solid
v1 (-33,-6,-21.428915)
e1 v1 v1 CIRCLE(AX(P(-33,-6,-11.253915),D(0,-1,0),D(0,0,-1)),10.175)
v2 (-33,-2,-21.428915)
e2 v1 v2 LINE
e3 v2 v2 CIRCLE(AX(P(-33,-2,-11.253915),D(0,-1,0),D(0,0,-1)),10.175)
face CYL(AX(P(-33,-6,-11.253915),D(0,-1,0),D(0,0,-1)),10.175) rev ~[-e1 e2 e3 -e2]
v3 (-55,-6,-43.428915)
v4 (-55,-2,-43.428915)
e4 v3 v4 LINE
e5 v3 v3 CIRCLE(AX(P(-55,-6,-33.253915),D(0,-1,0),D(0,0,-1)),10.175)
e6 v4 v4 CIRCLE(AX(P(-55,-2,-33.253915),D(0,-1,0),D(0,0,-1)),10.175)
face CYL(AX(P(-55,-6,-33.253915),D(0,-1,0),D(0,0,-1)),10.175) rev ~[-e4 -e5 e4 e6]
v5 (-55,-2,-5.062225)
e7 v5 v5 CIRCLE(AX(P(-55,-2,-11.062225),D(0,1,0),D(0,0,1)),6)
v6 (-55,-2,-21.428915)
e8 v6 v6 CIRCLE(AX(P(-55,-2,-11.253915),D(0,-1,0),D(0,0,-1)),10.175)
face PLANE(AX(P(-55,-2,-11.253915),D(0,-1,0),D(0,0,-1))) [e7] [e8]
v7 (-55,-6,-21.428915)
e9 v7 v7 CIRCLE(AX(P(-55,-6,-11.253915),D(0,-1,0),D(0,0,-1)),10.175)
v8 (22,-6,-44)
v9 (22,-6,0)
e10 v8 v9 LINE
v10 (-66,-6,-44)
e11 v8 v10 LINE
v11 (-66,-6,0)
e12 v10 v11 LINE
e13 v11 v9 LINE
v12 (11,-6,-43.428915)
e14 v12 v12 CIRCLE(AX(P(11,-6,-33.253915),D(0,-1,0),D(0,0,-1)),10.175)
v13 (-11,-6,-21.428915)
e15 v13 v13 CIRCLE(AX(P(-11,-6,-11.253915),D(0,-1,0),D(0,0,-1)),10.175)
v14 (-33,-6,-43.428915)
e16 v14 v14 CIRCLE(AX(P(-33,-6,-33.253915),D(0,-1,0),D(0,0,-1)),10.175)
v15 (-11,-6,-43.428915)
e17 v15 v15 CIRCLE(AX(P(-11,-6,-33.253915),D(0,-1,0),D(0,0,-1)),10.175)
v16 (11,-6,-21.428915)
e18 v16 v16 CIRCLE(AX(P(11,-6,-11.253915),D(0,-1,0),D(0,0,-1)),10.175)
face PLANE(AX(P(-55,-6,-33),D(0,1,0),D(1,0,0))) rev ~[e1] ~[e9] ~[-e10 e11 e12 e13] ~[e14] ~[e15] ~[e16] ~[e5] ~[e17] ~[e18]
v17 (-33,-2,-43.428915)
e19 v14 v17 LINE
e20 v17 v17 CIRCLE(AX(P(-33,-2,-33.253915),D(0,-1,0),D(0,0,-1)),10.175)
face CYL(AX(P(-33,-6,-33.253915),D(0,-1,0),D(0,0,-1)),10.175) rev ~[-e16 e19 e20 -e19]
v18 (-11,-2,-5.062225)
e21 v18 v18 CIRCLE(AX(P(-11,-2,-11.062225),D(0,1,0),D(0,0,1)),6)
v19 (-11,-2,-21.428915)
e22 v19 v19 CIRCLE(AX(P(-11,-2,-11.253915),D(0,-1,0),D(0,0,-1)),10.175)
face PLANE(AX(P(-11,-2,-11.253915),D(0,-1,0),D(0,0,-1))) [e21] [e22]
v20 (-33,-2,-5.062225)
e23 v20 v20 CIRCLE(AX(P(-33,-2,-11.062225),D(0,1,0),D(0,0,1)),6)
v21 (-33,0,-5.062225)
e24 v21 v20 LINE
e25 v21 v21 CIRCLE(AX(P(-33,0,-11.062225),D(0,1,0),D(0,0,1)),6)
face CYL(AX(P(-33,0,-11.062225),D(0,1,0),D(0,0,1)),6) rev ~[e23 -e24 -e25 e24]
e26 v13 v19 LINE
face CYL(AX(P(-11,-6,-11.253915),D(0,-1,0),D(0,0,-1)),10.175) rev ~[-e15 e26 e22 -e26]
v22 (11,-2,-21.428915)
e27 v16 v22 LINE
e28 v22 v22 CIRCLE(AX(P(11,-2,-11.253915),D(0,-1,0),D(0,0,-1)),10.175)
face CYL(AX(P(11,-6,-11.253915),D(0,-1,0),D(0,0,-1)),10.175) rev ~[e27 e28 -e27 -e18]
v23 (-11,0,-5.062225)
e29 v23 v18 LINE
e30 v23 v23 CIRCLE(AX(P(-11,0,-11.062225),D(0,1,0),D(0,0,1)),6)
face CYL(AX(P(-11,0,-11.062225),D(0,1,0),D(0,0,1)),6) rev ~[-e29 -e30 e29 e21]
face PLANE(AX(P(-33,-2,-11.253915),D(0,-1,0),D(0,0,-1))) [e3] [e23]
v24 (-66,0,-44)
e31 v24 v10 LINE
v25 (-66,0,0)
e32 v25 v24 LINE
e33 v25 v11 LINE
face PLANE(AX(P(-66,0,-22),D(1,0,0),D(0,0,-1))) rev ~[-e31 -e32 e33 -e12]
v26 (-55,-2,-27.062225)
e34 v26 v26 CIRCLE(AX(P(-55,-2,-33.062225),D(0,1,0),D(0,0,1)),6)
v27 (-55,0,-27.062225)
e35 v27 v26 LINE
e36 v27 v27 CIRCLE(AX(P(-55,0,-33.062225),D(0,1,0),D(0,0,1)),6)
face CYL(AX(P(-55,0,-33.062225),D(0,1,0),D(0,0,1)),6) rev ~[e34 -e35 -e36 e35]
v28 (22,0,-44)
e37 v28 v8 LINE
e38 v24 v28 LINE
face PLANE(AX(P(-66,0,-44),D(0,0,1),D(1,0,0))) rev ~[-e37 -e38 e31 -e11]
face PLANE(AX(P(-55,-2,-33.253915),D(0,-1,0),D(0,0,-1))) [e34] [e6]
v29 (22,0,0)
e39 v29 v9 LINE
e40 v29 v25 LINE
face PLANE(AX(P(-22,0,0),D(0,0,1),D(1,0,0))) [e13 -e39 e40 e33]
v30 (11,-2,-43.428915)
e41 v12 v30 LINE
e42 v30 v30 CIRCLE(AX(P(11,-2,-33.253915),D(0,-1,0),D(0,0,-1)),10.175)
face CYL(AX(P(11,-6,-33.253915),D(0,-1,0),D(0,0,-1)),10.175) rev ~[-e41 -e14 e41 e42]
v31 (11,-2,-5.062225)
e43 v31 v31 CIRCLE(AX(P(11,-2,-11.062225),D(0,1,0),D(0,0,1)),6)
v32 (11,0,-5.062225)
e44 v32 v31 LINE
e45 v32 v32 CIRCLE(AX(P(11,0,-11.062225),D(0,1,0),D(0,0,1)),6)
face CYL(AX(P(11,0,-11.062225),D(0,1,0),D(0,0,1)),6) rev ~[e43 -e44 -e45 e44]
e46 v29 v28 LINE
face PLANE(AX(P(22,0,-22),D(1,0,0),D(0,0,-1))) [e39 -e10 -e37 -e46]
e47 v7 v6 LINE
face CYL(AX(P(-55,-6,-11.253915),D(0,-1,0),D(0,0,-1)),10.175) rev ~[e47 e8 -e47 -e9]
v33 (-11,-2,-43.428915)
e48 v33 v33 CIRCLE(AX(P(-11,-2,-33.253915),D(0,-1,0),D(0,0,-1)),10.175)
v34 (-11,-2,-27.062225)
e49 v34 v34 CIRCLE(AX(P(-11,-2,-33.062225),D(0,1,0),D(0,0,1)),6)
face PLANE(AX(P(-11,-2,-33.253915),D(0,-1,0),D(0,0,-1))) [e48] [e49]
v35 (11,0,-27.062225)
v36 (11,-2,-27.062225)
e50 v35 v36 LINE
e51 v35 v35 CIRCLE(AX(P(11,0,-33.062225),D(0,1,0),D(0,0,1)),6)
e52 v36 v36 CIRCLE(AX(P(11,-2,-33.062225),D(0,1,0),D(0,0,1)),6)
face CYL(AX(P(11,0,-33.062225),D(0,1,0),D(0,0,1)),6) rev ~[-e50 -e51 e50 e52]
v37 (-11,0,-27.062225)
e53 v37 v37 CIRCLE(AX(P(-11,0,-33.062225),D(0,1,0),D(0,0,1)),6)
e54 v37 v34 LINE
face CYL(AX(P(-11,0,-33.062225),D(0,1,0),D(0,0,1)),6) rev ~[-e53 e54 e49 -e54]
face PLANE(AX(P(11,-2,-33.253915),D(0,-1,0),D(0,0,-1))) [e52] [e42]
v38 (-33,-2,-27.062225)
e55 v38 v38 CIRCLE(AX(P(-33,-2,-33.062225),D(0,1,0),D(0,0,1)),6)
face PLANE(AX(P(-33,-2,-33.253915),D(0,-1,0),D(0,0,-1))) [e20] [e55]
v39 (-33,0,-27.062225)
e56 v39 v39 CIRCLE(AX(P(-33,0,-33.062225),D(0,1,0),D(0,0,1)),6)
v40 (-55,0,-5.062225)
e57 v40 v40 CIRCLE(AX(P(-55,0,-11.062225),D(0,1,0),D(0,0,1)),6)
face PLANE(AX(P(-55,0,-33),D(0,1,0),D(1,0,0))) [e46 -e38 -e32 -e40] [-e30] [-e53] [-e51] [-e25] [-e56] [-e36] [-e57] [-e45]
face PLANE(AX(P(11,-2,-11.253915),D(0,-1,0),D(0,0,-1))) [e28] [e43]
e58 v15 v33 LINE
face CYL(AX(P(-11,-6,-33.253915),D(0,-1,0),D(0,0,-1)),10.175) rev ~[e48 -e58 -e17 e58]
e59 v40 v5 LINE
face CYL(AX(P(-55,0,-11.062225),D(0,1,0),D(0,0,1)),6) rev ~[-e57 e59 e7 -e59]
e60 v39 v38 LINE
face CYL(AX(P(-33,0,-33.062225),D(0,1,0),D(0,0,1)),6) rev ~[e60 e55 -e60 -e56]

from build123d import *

# Parameters (mm, degrees)
SKETCH2_W                 = 22
SKETCH2_H                 = 22
BOSS_EXTRUDE1_DEPTH       = 6
SKETCH3_R                 = 6
CUT_EXTRUDE1_DEPTH        = 2
SKETCH4_R                 = 10.175
CUT_EXTRUDE2_DEPTH        = 4
LPATTERN1_COUNT           = 4
LPATTERN1_PITCH           = 22
LPATTERN2_COUNT           = 2
LPATTERN2_PITCH           = 22
LPATTERN2_COPY_1_SKETCH_W = 22
LPATTERN2_COPY_1_SKETCH_H = 22
LPATTERN2_COPY_1_DEPTH    = 6
LPATTERN2_COPY_2_SKETCH_W = 22
LPATTERN2_COPY_2_SKETCH_H = 22
LPATTERN2_COPY_2_DEPTH    = 6
LPATTERN2_COPY_3_SKETCH_W = 22
LPATTERN2_COPY_3_SKETCH_H = 22
LPATTERN2_COPY_3_DEPTH    = 6
LPATTERN2_COPY_4_SKETCH_R = 6
LPATTERN2_COPY_4_DEPTH    = 2
LPATTERN2_COPY_5_SKETCH_R = 6
LPATTERN2_COPY_5_DEPTH    = 2
LPATTERN2_COPY_6_SKETCH_R = 6
LPATTERN2_COPY_6_DEPTH    = 2
LPATTERN2_COPY_7_SKETCH_R = 10.175
LPATTERN2_COPY_7_DEPTH    = 4
LPATTERN2_COPY_8_SKETCH_R = 10.175
LPATTERN2_COPY_8_DEPTH    = 4
LPATTERN2_COPY_9_SKETCH_R = 10.175
LPATTERN2_COPY_9_DEPTH    = 4


with BuildPart() as part:
    # Sketch2 → Boss-Extrude1 (new body)
    with BuildSketch(Plane(origin=(0, 0, 0), x_dir=(1, 0, 0), z_dir=(0, 1, 0))):
        with Locations((11, 11)):
            Rectangle(SKETCH2_W, SKETCH2_H)
    boss_extrude1 = extrude(amount=-BOSS_EXTRUDE1_DEPTH)

    # Sketch3 → Cut-Extrude1 (cut)
    with BuildSketch(Plane(origin=(0, 0, 0), x_dir=(1, 0, 0), z_dir=(0, 1, 0))):
        with Locations(Location((11, 11.062224767, 0), (0, 0, 270))):
            Circle(SKETCH3_R)
    cut_extrude1 = extrude(amount=-CUT_EXTRUDE1_DEPTH, mode=Mode.SUBTRACT)

    # Sketch4 → Cut-Extrude2 (cut)
    with BuildSketch(Plane.XZ.offset(6)):
        with Locations(Location((11, -11.253914961, 0), (0, 0, 270))):
            Circle(SKETCH4_R)
    cut_extrude2 = extrude(amount=-CUT_EXTRUDE2_DEPTH, mode=Mode.SUBTRACT)

    # LPattern1: Boss-Extrude1, Cut-Extrude1, Cut-Extrude2 ×4
    with Locations(*[(-i * LPATTERN1_PITCH, 0, 0) for i in range(1, LPATTERN1_COUNT)]):
        add(boss_extrude1)
        add(cut_extrude1, mode=Mode.SUBTRACT)
        add(cut_extrude2, mode=Mode.SUBTRACT)

    # LPattern2: Boss-Extrude1, Cut-Extrude1, Cut-Extrude2 ×2
    with Locations(*[(0, 0, -i * LPATTERN2_PITCH) for i in range(1, LPATTERN2_COUNT)]):
        add(boss_extrude1)
        add(cut_extrude1, mode=Mode.SUBTRACT)
        add(cut_extrude2, mode=Mode.SUBTRACT)

    # LPattern2 copy 1 sketch → LPattern2 copy 1 (add)
    with BuildSketch(Plane(origin=(-22, 0, -22), x_dir=(1, 0, 0), z_dir=(0, 1, 0))):
        with Locations((11, 11)):
            Rectangle(LPATTERN2_COPY_1_SKETCH_W, LPATTERN2_COPY_1_SKETCH_H)
    extrude(amount=-LPATTERN2_COPY_1_DEPTH)

    # LPattern2 copy 2 sketch → LPattern2 copy 2 (add)
    with BuildSketch(Plane(origin=(-44, 0, -22), x_dir=(1, 0, 0), z_dir=(0, 1, 0))):
        with Locations((11, 11)):
            Rectangle(LPATTERN2_COPY_2_SKETCH_W, LPATTERN2_COPY_2_SKETCH_H)
    extrude(amount=-LPATTERN2_COPY_2_DEPTH)

    # LPattern2 copy 3 sketch → LPattern2 copy 3 (add)
    with BuildSketch(Plane(origin=(-66, 0, -22), x_dir=(1, 0, 0), z_dir=(0, 1, 0))):
        with Locations((11, 11)):
            Rectangle(LPATTERN2_COPY_3_SKETCH_W, LPATTERN2_COPY_3_SKETCH_H)
    extrude(amount=-LPATTERN2_COPY_3_DEPTH)

    # LPattern2 copy 4 sketch → LPattern2 copy 4 (cut)
    with BuildSketch(Plane(origin=(-22, 0, -22), x_dir=(1, 0, 0), z_dir=(0, 1, 0))):
        with Locations(Location((11, 11.062224767, 0), (0, 0, 270))):
            Circle(LPATTERN2_COPY_4_SKETCH_R)
    extrude(amount=-LPATTERN2_COPY_4_DEPTH, mode=Mode.SUBTRACT)

    # LPattern2 copy 5 sketch → LPattern2 copy 5 (cut)
    with BuildSketch(Plane(origin=(-44, 0, -22), x_dir=(1, 0, 0), z_dir=(0, 1, 0))):
        with Locations(Location((11, 11.062224767, 0), (0, 0, 270))):
            Circle(LPATTERN2_COPY_5_SKETCH_R)
    extrude(amount=-LPATTERN2_COPY_5_DEPTH, mode=Mode.SUBTRACT)

    # LPattern2 copy 6 sketch → LPattern2 copy 6 (cut)
    with BuildSketch(Plane(origin=(-66, 0, -22), x_dir=(1, 0, 0), z_dir=(0, 1, 0))):
        with Locations(Location((11, 11.062224767, 0), (0, 0, 270))):
            Circle(LPATTERN2_COPY_6_SKETCH_R)
    extrude(amount=-LPATTERN2_COPY_6_DEPTH, mode=Mode.SUBTRACT)

    # LPattern2 copy 7 sketch → LPattern2 copy 7 (cut)
    with BuildSketch(Plane(origin=(-22, -6, -22), x_dir=(1, 0, 0), z_dir=(0, -1, 0))):
        with Locations(Location((11, -11.253914961, 0), (0, 0, 270))):
            Circle(LPATTERN2_COPY_7_SKETCH_R)
    extrude(amount=-LPATTERN2_COPY_7_DEPTH, mode=Mode.SUBTRACT)

    # LPattern2 copy 8 sketch → LPattern2 copy 8 (cut)
    with BuildSketch(Plane(origin=(-44, -6, -22), x_dir=(1, 0, 0), z_dir=(0, -1, 0))):
        with Locations(Location((11, -11.253914961, 0), (0, 0, 270))):
            Circle(LPATTERN2_COPY_8_SKETCH_R)
    extrude(amount=-LPATTERN2_COPY_8_DEPTH, mode=Mode.SUBTRACT)

    # LPattern2 copy 9 sketch → LPattern2 copy 9 (cut)
    with BuildSketch(Plane(origin=(-66, -6, -22), x_dir=(1, 0, 0), z_dir=(0, -1, 0))):
        with Locations(Location((11, -11.253914961, 0), (0, 0, 270))):
            Circle(LPATTERN2_COPY_9_SKETCH_R)
    extrude(amount=-LPATTERN2_COPY_9_DEPTH, mode=Mode.SUBTRACT)


solid = part.part
